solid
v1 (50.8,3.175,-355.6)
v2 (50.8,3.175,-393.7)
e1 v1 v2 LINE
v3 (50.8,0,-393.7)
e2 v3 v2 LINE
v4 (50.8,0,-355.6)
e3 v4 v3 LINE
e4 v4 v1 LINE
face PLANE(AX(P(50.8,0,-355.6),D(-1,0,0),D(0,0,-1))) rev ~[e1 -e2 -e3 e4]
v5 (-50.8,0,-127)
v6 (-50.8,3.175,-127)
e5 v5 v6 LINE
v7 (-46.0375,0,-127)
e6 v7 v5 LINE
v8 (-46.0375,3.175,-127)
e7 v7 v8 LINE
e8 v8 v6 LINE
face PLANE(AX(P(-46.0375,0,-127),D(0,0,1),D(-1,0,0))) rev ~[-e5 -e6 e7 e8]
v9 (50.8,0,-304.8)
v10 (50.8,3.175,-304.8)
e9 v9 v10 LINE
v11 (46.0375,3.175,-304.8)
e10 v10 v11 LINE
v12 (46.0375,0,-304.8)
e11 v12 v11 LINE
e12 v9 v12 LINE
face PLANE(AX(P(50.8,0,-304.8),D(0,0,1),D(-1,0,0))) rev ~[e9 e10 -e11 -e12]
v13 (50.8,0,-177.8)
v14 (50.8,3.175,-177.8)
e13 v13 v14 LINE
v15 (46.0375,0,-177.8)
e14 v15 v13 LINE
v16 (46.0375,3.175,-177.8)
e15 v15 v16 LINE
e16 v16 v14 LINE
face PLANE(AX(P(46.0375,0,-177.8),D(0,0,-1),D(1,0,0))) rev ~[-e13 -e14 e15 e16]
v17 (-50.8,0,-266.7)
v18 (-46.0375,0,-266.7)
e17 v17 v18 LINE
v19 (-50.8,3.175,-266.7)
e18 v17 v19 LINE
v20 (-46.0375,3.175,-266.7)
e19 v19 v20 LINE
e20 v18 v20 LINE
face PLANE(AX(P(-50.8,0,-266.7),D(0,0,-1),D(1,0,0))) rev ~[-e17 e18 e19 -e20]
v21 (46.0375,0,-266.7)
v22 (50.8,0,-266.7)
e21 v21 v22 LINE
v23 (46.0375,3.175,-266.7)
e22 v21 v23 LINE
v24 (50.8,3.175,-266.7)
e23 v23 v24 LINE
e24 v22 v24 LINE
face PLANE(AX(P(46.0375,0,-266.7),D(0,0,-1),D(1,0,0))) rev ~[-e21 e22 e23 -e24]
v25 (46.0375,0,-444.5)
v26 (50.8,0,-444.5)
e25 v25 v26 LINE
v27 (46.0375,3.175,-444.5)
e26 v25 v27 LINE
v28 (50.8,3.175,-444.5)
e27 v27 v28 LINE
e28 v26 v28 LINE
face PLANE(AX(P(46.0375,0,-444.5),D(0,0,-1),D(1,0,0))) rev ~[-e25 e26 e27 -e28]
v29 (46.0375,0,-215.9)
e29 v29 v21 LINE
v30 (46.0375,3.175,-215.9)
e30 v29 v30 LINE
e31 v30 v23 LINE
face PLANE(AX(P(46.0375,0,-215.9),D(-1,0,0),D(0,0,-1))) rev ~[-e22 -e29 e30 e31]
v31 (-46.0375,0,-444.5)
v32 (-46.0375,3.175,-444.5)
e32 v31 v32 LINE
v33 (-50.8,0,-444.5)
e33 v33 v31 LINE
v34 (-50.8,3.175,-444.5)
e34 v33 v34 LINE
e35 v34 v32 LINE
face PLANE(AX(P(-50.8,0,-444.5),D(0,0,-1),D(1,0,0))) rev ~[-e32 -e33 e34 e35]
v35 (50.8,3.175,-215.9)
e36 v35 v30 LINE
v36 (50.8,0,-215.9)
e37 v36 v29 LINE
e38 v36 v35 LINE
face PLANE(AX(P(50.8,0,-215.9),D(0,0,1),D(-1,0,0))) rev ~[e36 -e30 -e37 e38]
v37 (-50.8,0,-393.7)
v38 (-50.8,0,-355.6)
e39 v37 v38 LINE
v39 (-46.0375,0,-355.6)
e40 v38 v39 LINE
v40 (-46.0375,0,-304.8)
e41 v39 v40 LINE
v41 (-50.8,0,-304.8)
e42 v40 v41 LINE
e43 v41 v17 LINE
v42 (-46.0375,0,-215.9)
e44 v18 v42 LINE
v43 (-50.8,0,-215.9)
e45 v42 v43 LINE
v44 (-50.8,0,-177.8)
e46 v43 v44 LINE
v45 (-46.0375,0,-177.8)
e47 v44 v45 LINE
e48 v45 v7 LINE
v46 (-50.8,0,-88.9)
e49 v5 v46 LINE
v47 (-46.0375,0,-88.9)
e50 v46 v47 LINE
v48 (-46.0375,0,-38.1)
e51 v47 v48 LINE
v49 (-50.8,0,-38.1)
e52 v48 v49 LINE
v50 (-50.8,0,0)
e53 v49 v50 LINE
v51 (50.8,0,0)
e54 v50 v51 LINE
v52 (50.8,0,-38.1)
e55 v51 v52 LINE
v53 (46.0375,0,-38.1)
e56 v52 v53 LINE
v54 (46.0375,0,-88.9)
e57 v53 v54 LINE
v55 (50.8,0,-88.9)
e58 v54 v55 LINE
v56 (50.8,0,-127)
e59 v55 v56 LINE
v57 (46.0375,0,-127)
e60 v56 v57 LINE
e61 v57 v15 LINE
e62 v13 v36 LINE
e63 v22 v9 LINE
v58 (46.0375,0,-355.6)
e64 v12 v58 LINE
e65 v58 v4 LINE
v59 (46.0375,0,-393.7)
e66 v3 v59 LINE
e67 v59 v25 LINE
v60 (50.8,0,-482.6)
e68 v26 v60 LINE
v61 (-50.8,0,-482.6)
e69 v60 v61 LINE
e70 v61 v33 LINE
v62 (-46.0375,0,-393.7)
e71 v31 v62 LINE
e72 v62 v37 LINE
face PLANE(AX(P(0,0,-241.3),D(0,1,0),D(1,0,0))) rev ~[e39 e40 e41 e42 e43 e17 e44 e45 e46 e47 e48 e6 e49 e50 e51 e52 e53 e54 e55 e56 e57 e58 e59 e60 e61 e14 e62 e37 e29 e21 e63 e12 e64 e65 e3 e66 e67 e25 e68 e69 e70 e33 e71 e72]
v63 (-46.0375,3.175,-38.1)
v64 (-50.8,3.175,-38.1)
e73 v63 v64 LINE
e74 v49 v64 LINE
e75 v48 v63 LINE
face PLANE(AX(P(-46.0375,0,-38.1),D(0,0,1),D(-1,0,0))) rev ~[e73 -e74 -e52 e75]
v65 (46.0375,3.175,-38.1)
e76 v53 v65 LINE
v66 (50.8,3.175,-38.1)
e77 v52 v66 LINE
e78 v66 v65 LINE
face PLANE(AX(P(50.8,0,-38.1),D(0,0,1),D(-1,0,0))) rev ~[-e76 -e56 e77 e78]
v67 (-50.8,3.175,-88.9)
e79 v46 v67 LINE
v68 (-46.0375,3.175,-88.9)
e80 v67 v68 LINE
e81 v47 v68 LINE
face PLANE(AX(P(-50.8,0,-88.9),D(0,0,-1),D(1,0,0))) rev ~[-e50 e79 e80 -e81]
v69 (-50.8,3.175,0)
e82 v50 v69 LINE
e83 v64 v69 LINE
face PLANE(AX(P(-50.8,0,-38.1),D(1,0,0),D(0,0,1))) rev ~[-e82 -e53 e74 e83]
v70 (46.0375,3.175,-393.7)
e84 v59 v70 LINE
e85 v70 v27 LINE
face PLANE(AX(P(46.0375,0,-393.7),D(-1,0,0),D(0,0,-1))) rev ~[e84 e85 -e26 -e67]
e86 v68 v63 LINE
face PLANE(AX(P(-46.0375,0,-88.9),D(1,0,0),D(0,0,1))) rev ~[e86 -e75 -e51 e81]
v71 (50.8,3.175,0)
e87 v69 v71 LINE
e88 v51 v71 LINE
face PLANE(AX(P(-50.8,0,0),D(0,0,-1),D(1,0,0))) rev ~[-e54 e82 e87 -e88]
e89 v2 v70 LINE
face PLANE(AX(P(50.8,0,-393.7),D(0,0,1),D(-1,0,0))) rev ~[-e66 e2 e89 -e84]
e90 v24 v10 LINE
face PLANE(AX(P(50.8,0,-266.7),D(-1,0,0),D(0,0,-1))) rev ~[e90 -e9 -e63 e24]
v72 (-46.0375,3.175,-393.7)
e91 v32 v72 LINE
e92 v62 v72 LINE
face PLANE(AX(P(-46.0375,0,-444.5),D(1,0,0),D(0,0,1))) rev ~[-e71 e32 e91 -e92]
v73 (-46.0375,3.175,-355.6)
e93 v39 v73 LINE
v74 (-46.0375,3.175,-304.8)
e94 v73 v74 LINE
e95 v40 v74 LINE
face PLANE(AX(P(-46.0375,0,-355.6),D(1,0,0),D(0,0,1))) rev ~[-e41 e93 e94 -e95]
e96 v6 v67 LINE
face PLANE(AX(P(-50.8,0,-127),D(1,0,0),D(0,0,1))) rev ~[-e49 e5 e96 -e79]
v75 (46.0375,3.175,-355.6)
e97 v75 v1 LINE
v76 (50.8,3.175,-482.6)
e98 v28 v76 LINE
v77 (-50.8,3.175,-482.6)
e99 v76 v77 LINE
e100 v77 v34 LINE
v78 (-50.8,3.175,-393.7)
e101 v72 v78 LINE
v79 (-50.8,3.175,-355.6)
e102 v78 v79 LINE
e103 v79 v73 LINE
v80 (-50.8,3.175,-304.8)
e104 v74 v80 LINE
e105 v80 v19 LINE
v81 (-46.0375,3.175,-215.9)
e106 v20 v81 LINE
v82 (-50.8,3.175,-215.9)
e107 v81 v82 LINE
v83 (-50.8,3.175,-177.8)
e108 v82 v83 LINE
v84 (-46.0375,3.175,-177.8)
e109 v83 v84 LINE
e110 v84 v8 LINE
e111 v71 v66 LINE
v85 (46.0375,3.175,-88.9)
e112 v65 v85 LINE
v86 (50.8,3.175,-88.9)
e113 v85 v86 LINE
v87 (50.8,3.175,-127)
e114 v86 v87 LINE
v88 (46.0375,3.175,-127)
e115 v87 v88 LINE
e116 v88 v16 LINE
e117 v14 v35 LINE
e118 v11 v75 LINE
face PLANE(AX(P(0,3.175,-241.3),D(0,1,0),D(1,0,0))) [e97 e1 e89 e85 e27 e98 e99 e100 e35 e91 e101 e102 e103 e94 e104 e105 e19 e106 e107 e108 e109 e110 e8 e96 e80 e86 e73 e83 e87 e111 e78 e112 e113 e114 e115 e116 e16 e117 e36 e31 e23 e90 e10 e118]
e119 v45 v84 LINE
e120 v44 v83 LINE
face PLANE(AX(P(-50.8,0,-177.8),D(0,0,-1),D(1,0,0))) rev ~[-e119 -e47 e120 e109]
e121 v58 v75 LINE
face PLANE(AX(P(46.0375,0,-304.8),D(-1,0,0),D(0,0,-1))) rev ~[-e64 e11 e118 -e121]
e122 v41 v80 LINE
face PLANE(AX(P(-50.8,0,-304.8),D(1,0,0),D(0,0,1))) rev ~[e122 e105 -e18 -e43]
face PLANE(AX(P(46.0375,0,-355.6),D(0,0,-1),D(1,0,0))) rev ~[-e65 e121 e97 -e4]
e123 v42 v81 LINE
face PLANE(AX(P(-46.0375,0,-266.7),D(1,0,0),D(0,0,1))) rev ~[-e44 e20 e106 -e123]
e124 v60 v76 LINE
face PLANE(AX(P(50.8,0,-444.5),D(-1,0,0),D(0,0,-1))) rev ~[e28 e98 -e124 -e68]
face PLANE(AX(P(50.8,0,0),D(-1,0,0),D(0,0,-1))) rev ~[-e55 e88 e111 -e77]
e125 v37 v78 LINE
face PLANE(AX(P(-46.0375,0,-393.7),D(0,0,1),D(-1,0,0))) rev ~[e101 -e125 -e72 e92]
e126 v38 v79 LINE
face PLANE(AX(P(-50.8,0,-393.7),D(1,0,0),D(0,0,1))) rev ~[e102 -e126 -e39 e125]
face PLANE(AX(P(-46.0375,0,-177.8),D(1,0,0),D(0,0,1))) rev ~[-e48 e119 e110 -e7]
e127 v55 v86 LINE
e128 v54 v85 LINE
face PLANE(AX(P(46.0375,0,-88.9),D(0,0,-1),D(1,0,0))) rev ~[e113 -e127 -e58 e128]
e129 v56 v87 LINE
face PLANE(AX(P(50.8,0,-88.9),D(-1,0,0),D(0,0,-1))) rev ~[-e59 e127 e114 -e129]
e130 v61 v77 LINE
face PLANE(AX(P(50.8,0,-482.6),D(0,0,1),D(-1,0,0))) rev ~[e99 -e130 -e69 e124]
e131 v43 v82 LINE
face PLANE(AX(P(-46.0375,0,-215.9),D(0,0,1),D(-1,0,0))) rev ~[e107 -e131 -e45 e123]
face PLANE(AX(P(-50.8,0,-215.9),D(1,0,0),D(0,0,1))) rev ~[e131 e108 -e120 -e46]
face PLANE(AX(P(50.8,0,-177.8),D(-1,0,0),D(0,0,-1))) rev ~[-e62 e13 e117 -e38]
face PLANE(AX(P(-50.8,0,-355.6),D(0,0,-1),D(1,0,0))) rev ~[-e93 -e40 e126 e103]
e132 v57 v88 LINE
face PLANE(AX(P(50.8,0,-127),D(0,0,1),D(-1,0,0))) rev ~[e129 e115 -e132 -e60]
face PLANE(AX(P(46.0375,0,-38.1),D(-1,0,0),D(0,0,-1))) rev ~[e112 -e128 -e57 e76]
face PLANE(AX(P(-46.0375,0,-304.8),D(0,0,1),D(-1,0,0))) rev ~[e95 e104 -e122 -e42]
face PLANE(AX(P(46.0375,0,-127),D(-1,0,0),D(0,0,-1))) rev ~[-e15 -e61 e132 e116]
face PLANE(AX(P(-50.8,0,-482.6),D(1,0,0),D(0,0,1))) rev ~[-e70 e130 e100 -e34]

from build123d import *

# Parameters (mm, degrees)
BOSS_EXTRUDE1_DEPTH = 3.175


with BuildPart() as part:
    # Sketch1 → Boss-Extrude1 (new body)
    with BuildSketch(Plane(origin=(0, 0, 0), x_dir=(1, 0, 0), z_dir=(0, 1, 0))):
        Polygon((-50.8, 0), (50.8, 0), (50.8, 38.1), (46.0375, 38.1), (46.0375, 88.9), (50.8, 88.9), (50.8, 127), (46.0375, 127), (46.0375, 177.8), (50.8, 177.8), (50.8, 215.9), (46.0375, 215.9), (46.0375, 266.7), (50.8, 266.7), (50.8, 304.8), (46.0375, 304.8), (46.0375, 355.6), (50.8, 355.6), (50.8, 393.7), (46.0375, 393.7), (46.0375, 444.5), (50.8, 444.5), (50.8, 482.6), (-50.8, 482.6), (-50.8, 444.5), (-46.0375, 444.5), (-46.0375, 393.7), (-50.8, 393.7), (-50.8, 355.6), (-46.0375, 355.6), (-46.0375, 304.8), (-50.8, 304.8), (-50.8, 266.7), (-46.0375, 266.7), (-46.0375, 215.9), (-50.8, 215.9), (-50.8, 177.8), (-46.0375, 177.8), (-46.0375, 127), (-50.8, 127), (-50.8, 88.9), (-46.0375, 88.9), (-46.0375, 38.1), (-50.8, 38.1), align=None)
    extrude(amount=BOSS_EXTRUDE1_DEPTH)


solid = part.part
